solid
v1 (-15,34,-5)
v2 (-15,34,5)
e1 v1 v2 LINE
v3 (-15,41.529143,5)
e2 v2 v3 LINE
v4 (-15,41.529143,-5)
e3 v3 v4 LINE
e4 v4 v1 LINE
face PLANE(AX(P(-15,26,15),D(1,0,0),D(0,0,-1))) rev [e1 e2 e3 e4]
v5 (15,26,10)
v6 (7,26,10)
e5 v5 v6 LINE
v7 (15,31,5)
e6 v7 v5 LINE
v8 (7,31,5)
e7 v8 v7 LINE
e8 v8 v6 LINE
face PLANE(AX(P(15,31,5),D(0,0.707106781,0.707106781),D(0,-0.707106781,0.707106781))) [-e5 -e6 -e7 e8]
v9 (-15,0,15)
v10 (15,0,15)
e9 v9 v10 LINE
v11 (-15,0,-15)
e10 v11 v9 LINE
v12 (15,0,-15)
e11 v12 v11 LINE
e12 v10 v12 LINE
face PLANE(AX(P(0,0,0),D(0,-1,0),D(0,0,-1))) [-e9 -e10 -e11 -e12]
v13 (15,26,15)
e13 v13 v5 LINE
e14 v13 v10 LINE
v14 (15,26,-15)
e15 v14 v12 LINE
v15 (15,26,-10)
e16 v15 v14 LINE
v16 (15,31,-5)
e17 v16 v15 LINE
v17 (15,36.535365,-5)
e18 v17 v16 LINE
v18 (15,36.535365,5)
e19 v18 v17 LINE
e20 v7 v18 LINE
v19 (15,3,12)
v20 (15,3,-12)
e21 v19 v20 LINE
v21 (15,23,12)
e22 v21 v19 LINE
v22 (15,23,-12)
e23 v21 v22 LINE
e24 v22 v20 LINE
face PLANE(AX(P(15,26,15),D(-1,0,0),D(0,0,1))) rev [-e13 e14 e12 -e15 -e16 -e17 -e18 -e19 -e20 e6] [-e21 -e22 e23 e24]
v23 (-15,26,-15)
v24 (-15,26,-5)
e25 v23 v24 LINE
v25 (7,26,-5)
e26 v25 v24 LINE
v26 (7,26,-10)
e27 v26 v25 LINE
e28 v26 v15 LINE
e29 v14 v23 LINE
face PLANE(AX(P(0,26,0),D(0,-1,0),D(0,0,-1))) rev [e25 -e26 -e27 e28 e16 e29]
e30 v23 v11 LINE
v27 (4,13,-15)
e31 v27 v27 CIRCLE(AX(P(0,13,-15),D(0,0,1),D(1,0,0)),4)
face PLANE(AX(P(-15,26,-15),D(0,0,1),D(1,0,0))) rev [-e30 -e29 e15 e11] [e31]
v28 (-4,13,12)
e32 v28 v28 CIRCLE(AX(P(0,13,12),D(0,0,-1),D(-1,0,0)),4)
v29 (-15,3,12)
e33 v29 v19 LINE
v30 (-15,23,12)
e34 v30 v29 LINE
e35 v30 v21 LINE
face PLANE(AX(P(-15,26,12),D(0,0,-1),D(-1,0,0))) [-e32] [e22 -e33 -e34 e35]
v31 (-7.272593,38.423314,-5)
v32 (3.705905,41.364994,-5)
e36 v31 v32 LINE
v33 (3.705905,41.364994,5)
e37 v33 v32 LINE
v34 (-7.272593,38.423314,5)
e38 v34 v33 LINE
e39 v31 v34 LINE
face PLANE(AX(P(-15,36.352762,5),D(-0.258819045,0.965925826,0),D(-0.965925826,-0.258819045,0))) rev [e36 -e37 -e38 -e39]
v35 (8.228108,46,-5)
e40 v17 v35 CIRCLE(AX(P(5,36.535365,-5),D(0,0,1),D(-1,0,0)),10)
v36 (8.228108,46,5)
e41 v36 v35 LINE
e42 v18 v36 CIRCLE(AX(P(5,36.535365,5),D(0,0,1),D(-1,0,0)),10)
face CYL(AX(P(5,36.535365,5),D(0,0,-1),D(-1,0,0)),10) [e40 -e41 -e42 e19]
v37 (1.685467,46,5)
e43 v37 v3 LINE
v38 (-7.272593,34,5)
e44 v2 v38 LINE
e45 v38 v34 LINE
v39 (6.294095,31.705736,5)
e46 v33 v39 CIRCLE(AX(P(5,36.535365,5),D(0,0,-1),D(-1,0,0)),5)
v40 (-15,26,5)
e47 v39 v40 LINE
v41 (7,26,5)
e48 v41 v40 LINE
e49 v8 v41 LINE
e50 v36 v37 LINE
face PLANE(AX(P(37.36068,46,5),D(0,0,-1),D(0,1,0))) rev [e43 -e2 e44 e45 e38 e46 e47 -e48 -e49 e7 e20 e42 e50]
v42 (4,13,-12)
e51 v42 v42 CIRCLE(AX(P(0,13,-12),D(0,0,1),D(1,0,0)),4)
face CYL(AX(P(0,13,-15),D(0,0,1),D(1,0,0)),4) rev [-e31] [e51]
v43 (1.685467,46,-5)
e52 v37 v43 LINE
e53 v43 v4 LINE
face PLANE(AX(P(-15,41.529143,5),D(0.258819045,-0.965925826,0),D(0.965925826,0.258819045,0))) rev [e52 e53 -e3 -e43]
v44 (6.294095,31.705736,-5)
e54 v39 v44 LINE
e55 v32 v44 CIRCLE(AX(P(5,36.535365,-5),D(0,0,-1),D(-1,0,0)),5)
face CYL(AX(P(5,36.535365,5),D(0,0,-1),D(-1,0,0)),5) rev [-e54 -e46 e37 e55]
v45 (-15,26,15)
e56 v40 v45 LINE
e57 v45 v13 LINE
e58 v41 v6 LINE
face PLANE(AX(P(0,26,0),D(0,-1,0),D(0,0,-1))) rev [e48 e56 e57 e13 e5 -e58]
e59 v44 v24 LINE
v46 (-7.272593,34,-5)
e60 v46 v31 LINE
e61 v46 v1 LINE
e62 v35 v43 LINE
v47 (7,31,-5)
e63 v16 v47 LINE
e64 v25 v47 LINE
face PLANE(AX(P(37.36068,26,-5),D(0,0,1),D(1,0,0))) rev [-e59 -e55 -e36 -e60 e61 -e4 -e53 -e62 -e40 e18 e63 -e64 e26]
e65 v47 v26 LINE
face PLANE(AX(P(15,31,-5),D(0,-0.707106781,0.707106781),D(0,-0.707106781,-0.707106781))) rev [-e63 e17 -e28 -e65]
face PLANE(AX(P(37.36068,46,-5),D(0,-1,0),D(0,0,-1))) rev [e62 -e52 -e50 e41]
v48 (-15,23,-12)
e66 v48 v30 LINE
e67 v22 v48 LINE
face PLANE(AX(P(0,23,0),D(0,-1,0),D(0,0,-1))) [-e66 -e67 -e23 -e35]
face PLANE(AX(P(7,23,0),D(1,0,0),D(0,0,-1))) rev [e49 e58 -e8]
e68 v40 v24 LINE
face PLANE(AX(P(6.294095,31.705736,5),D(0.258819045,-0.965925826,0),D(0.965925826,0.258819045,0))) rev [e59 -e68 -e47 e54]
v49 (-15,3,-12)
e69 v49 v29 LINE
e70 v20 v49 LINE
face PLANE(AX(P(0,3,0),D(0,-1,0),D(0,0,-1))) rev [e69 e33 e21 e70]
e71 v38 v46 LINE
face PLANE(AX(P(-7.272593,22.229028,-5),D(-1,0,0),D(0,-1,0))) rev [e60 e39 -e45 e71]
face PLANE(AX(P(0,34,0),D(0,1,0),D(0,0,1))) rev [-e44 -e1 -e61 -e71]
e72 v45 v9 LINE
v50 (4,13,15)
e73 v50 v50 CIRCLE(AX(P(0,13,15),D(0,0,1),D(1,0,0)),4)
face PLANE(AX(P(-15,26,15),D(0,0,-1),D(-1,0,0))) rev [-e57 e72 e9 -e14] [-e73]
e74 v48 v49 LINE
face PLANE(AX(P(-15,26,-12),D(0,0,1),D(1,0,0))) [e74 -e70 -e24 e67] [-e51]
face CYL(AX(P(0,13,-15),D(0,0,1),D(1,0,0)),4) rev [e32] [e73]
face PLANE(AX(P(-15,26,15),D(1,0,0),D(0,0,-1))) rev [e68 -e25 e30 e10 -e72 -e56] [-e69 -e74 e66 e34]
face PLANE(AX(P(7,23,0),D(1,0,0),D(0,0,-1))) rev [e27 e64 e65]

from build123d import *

# Parameters (mm, degrees)
SKETCH1_W           = 30
SKETCH1_H           = 30
BOSS_EXTRUDE1_DEPTH = 26
SHELL1_T            = -3
SKETCH3_R           = 4
CUT_EXTRUDE1_DEPTH  = 43.438190348
BOSS_EXTRUDE4_START = -15
SKETCH4_W           = 10
SKETCH4_H           = 20
BOSS_EXTRUDE4_DEPTH = 30
CUT_EXTRUDE2_DEPTH  = 10
RIB1_REACH          = 58.93
SKETCH7_WALL_W      = 122.930630432
SKETCH7_WALL_H      = 8
CUT_EXTRUDE3_DEPTH  = 10
CUT_EXTRUDE4_DEPTH  = 10
BOSS_EXTRUDE5_REACH = 51.434
SKETCH11_W          = 8
SKETCH11_H          = 10


with BuildPart() as part:
    # Sketch1 → Boss-Extrude1 (new body)
    with BuildSketch(Plane(origin=(0, 0, 0), x_dir=(1, 0, 0), z_dir=(0, 1, 0))):
        Rectangle(SKETCH1_W, SKETCH1_H)
    extrude(amount=BOSS_EXTRUDE1_DEPTH)

    # Shell1
    shell1_openings = [part.faces().sort_by_distance(p)[0] for p in [
        (-15, 13, 0),
        (15, 13, 0),
    ]]
    offset(amount=SHELL1_T, openings=shell1_openings, kind=Kind.INTERSECTION)

    # Sketch3 → Cut-Extrude1 (cut, through all)
    with BuildSketch(Plane.XY.offset(15)):
        with Locations((0, 13)):
            Circle(SKETCH3_R)
    extrude(amount=-CUT_EXTRUDE1_DEPTH, mode=Mode.SUBTRACT)

    # Sketch4 → Boss-Extrude4 (add)
    with BuildSketch(Plane(origin=(0, 0, 0), x_dir=(0, 0, -1), z_dir=(1, 0, 0)).offset(BOSS_EXTRUDE4_START)):
        with Locations((0, 36)):
            Rectangle(SKETCH4_W, SKETCH4_H)
    extrude(amount=BOSS_EXTRUDE4_DEPTH)

    # Sketch6 → Cut-Extrude2 (cut)
    with BuildSketch(Plane(origin=(0, 0, -5), x_dir=(-1, 0, 0), z_dir=(0, 0, -1))):
        with BuildLine():
            Line((15, 26), (15, 36.352761804))
            Line((15, 36.352761804), (-3.705905484, 41.364994072))
            ThreePointArc((-3.705905484, 41.364994072), (-9.829629226, 37.829459621), (-6.294095226, 31.705735619))
            Line((-6.294095226, 31.705735619), (15, 26))
        make_face()
    extrude(amount=-CUT_EXTRUDE2_DEPTH, mode=Mode.SUBTRACT)

    # Sketch7 wall → Rib1 (add, up to next)
    with BuildSketch(Plane(origin=(15, 28.5, -7.5), x_dir=(0, -0.707106781187, -0.707106781187), z_dir=(0, 0.707106781187, -0.707106781187)), mode=Mode.PRIVATE) as rib1_sk1:
        with Locations((0, 4)):
            Rectangle(SKETCH7_WALL_W, SKETCH7_WALL_H)
    rib1_tool1 = extrude(rib1_sk1.sketch, amount=-RIB1_REACH, mode=Mode.PRIVATE) - part.part
    rib1 = rib1_tool1.solids().sort_by_distance((15, 28.5, -7.5))[0]
    add(rib1)

    # Mirror1: Rib1 across plane
    add(rib1.mirror(Plane.XY))

    # Sketch8 → Cut-Extrude3 (cut)
    with BuildSketch(Plane(origin=(0, 0, -5), x_dir=(-1, 0, 0), z_dir=(0, 0, -1))):
        Polygon((15, 41.529142706), (-1.685466574, 46), (15, 46), align=None)
    extrude(amount=-CUT_EXTRUDE3_DEPTH, mode=Mode.SUBTRACT)

    # Sketch9 → Cut-Extrude4 (cut)
    with BuildSketch(Plane(origin=(0, 0, -5), x_dir=(-1, 0, 0), z_dir=(0, 0, -1))):
        with BuildLine():
            Line((-15, 36.535364751), (-15, 46))
            Line((-15, 46), (-8.228107743, 46))
            ThreePointArc((-8.228107743, 46), (-13.132683365, 42.354253071), (-15, 36.535364751))
        make_face()
    extrude(amount=-CUT_EXTRUDE4_DEPTH, mode=Mode.SUBTRACT)

    # Boss-Extrude5: up to this plane
    boss_extrude5_end = Plane(origin=(0, 34, 0), z_dir=(0, 1, 0))
    # Sketch11 → Boss-Extrude5 (add, up to the surface)
    with BuildSketch(Plane(origin=(-10.092999923, 37.667588512, 0), x_dir=(0.965925826289068, 0.25881904510252185, 0), z_dir=(0.25881904510252185, -0.965925826289068, 0)), mode=Mode.PRIVATE) as boss_extrude5_sk1:
        with Locations((-1.080100297, 0)):
            Rectangle(SKETCH11_W, SKETCH11_H)
    boss_extrude5_tool1 = split(extrude(boss_extrude5_sk1.sketch, amount=BOSS_EXTRUDE5_REACH, dir=(0, -1, 0), mode=Mode.PRIVATE), bisect_by=boss_extrude5_end, keep=Keep.BOTH, mode=Mode.PRIVATE)
    add(boss_extrude5_tool1.solids().sort_by_distance((-11.136297, 37.388038, 0))[0])


solid = part.part
